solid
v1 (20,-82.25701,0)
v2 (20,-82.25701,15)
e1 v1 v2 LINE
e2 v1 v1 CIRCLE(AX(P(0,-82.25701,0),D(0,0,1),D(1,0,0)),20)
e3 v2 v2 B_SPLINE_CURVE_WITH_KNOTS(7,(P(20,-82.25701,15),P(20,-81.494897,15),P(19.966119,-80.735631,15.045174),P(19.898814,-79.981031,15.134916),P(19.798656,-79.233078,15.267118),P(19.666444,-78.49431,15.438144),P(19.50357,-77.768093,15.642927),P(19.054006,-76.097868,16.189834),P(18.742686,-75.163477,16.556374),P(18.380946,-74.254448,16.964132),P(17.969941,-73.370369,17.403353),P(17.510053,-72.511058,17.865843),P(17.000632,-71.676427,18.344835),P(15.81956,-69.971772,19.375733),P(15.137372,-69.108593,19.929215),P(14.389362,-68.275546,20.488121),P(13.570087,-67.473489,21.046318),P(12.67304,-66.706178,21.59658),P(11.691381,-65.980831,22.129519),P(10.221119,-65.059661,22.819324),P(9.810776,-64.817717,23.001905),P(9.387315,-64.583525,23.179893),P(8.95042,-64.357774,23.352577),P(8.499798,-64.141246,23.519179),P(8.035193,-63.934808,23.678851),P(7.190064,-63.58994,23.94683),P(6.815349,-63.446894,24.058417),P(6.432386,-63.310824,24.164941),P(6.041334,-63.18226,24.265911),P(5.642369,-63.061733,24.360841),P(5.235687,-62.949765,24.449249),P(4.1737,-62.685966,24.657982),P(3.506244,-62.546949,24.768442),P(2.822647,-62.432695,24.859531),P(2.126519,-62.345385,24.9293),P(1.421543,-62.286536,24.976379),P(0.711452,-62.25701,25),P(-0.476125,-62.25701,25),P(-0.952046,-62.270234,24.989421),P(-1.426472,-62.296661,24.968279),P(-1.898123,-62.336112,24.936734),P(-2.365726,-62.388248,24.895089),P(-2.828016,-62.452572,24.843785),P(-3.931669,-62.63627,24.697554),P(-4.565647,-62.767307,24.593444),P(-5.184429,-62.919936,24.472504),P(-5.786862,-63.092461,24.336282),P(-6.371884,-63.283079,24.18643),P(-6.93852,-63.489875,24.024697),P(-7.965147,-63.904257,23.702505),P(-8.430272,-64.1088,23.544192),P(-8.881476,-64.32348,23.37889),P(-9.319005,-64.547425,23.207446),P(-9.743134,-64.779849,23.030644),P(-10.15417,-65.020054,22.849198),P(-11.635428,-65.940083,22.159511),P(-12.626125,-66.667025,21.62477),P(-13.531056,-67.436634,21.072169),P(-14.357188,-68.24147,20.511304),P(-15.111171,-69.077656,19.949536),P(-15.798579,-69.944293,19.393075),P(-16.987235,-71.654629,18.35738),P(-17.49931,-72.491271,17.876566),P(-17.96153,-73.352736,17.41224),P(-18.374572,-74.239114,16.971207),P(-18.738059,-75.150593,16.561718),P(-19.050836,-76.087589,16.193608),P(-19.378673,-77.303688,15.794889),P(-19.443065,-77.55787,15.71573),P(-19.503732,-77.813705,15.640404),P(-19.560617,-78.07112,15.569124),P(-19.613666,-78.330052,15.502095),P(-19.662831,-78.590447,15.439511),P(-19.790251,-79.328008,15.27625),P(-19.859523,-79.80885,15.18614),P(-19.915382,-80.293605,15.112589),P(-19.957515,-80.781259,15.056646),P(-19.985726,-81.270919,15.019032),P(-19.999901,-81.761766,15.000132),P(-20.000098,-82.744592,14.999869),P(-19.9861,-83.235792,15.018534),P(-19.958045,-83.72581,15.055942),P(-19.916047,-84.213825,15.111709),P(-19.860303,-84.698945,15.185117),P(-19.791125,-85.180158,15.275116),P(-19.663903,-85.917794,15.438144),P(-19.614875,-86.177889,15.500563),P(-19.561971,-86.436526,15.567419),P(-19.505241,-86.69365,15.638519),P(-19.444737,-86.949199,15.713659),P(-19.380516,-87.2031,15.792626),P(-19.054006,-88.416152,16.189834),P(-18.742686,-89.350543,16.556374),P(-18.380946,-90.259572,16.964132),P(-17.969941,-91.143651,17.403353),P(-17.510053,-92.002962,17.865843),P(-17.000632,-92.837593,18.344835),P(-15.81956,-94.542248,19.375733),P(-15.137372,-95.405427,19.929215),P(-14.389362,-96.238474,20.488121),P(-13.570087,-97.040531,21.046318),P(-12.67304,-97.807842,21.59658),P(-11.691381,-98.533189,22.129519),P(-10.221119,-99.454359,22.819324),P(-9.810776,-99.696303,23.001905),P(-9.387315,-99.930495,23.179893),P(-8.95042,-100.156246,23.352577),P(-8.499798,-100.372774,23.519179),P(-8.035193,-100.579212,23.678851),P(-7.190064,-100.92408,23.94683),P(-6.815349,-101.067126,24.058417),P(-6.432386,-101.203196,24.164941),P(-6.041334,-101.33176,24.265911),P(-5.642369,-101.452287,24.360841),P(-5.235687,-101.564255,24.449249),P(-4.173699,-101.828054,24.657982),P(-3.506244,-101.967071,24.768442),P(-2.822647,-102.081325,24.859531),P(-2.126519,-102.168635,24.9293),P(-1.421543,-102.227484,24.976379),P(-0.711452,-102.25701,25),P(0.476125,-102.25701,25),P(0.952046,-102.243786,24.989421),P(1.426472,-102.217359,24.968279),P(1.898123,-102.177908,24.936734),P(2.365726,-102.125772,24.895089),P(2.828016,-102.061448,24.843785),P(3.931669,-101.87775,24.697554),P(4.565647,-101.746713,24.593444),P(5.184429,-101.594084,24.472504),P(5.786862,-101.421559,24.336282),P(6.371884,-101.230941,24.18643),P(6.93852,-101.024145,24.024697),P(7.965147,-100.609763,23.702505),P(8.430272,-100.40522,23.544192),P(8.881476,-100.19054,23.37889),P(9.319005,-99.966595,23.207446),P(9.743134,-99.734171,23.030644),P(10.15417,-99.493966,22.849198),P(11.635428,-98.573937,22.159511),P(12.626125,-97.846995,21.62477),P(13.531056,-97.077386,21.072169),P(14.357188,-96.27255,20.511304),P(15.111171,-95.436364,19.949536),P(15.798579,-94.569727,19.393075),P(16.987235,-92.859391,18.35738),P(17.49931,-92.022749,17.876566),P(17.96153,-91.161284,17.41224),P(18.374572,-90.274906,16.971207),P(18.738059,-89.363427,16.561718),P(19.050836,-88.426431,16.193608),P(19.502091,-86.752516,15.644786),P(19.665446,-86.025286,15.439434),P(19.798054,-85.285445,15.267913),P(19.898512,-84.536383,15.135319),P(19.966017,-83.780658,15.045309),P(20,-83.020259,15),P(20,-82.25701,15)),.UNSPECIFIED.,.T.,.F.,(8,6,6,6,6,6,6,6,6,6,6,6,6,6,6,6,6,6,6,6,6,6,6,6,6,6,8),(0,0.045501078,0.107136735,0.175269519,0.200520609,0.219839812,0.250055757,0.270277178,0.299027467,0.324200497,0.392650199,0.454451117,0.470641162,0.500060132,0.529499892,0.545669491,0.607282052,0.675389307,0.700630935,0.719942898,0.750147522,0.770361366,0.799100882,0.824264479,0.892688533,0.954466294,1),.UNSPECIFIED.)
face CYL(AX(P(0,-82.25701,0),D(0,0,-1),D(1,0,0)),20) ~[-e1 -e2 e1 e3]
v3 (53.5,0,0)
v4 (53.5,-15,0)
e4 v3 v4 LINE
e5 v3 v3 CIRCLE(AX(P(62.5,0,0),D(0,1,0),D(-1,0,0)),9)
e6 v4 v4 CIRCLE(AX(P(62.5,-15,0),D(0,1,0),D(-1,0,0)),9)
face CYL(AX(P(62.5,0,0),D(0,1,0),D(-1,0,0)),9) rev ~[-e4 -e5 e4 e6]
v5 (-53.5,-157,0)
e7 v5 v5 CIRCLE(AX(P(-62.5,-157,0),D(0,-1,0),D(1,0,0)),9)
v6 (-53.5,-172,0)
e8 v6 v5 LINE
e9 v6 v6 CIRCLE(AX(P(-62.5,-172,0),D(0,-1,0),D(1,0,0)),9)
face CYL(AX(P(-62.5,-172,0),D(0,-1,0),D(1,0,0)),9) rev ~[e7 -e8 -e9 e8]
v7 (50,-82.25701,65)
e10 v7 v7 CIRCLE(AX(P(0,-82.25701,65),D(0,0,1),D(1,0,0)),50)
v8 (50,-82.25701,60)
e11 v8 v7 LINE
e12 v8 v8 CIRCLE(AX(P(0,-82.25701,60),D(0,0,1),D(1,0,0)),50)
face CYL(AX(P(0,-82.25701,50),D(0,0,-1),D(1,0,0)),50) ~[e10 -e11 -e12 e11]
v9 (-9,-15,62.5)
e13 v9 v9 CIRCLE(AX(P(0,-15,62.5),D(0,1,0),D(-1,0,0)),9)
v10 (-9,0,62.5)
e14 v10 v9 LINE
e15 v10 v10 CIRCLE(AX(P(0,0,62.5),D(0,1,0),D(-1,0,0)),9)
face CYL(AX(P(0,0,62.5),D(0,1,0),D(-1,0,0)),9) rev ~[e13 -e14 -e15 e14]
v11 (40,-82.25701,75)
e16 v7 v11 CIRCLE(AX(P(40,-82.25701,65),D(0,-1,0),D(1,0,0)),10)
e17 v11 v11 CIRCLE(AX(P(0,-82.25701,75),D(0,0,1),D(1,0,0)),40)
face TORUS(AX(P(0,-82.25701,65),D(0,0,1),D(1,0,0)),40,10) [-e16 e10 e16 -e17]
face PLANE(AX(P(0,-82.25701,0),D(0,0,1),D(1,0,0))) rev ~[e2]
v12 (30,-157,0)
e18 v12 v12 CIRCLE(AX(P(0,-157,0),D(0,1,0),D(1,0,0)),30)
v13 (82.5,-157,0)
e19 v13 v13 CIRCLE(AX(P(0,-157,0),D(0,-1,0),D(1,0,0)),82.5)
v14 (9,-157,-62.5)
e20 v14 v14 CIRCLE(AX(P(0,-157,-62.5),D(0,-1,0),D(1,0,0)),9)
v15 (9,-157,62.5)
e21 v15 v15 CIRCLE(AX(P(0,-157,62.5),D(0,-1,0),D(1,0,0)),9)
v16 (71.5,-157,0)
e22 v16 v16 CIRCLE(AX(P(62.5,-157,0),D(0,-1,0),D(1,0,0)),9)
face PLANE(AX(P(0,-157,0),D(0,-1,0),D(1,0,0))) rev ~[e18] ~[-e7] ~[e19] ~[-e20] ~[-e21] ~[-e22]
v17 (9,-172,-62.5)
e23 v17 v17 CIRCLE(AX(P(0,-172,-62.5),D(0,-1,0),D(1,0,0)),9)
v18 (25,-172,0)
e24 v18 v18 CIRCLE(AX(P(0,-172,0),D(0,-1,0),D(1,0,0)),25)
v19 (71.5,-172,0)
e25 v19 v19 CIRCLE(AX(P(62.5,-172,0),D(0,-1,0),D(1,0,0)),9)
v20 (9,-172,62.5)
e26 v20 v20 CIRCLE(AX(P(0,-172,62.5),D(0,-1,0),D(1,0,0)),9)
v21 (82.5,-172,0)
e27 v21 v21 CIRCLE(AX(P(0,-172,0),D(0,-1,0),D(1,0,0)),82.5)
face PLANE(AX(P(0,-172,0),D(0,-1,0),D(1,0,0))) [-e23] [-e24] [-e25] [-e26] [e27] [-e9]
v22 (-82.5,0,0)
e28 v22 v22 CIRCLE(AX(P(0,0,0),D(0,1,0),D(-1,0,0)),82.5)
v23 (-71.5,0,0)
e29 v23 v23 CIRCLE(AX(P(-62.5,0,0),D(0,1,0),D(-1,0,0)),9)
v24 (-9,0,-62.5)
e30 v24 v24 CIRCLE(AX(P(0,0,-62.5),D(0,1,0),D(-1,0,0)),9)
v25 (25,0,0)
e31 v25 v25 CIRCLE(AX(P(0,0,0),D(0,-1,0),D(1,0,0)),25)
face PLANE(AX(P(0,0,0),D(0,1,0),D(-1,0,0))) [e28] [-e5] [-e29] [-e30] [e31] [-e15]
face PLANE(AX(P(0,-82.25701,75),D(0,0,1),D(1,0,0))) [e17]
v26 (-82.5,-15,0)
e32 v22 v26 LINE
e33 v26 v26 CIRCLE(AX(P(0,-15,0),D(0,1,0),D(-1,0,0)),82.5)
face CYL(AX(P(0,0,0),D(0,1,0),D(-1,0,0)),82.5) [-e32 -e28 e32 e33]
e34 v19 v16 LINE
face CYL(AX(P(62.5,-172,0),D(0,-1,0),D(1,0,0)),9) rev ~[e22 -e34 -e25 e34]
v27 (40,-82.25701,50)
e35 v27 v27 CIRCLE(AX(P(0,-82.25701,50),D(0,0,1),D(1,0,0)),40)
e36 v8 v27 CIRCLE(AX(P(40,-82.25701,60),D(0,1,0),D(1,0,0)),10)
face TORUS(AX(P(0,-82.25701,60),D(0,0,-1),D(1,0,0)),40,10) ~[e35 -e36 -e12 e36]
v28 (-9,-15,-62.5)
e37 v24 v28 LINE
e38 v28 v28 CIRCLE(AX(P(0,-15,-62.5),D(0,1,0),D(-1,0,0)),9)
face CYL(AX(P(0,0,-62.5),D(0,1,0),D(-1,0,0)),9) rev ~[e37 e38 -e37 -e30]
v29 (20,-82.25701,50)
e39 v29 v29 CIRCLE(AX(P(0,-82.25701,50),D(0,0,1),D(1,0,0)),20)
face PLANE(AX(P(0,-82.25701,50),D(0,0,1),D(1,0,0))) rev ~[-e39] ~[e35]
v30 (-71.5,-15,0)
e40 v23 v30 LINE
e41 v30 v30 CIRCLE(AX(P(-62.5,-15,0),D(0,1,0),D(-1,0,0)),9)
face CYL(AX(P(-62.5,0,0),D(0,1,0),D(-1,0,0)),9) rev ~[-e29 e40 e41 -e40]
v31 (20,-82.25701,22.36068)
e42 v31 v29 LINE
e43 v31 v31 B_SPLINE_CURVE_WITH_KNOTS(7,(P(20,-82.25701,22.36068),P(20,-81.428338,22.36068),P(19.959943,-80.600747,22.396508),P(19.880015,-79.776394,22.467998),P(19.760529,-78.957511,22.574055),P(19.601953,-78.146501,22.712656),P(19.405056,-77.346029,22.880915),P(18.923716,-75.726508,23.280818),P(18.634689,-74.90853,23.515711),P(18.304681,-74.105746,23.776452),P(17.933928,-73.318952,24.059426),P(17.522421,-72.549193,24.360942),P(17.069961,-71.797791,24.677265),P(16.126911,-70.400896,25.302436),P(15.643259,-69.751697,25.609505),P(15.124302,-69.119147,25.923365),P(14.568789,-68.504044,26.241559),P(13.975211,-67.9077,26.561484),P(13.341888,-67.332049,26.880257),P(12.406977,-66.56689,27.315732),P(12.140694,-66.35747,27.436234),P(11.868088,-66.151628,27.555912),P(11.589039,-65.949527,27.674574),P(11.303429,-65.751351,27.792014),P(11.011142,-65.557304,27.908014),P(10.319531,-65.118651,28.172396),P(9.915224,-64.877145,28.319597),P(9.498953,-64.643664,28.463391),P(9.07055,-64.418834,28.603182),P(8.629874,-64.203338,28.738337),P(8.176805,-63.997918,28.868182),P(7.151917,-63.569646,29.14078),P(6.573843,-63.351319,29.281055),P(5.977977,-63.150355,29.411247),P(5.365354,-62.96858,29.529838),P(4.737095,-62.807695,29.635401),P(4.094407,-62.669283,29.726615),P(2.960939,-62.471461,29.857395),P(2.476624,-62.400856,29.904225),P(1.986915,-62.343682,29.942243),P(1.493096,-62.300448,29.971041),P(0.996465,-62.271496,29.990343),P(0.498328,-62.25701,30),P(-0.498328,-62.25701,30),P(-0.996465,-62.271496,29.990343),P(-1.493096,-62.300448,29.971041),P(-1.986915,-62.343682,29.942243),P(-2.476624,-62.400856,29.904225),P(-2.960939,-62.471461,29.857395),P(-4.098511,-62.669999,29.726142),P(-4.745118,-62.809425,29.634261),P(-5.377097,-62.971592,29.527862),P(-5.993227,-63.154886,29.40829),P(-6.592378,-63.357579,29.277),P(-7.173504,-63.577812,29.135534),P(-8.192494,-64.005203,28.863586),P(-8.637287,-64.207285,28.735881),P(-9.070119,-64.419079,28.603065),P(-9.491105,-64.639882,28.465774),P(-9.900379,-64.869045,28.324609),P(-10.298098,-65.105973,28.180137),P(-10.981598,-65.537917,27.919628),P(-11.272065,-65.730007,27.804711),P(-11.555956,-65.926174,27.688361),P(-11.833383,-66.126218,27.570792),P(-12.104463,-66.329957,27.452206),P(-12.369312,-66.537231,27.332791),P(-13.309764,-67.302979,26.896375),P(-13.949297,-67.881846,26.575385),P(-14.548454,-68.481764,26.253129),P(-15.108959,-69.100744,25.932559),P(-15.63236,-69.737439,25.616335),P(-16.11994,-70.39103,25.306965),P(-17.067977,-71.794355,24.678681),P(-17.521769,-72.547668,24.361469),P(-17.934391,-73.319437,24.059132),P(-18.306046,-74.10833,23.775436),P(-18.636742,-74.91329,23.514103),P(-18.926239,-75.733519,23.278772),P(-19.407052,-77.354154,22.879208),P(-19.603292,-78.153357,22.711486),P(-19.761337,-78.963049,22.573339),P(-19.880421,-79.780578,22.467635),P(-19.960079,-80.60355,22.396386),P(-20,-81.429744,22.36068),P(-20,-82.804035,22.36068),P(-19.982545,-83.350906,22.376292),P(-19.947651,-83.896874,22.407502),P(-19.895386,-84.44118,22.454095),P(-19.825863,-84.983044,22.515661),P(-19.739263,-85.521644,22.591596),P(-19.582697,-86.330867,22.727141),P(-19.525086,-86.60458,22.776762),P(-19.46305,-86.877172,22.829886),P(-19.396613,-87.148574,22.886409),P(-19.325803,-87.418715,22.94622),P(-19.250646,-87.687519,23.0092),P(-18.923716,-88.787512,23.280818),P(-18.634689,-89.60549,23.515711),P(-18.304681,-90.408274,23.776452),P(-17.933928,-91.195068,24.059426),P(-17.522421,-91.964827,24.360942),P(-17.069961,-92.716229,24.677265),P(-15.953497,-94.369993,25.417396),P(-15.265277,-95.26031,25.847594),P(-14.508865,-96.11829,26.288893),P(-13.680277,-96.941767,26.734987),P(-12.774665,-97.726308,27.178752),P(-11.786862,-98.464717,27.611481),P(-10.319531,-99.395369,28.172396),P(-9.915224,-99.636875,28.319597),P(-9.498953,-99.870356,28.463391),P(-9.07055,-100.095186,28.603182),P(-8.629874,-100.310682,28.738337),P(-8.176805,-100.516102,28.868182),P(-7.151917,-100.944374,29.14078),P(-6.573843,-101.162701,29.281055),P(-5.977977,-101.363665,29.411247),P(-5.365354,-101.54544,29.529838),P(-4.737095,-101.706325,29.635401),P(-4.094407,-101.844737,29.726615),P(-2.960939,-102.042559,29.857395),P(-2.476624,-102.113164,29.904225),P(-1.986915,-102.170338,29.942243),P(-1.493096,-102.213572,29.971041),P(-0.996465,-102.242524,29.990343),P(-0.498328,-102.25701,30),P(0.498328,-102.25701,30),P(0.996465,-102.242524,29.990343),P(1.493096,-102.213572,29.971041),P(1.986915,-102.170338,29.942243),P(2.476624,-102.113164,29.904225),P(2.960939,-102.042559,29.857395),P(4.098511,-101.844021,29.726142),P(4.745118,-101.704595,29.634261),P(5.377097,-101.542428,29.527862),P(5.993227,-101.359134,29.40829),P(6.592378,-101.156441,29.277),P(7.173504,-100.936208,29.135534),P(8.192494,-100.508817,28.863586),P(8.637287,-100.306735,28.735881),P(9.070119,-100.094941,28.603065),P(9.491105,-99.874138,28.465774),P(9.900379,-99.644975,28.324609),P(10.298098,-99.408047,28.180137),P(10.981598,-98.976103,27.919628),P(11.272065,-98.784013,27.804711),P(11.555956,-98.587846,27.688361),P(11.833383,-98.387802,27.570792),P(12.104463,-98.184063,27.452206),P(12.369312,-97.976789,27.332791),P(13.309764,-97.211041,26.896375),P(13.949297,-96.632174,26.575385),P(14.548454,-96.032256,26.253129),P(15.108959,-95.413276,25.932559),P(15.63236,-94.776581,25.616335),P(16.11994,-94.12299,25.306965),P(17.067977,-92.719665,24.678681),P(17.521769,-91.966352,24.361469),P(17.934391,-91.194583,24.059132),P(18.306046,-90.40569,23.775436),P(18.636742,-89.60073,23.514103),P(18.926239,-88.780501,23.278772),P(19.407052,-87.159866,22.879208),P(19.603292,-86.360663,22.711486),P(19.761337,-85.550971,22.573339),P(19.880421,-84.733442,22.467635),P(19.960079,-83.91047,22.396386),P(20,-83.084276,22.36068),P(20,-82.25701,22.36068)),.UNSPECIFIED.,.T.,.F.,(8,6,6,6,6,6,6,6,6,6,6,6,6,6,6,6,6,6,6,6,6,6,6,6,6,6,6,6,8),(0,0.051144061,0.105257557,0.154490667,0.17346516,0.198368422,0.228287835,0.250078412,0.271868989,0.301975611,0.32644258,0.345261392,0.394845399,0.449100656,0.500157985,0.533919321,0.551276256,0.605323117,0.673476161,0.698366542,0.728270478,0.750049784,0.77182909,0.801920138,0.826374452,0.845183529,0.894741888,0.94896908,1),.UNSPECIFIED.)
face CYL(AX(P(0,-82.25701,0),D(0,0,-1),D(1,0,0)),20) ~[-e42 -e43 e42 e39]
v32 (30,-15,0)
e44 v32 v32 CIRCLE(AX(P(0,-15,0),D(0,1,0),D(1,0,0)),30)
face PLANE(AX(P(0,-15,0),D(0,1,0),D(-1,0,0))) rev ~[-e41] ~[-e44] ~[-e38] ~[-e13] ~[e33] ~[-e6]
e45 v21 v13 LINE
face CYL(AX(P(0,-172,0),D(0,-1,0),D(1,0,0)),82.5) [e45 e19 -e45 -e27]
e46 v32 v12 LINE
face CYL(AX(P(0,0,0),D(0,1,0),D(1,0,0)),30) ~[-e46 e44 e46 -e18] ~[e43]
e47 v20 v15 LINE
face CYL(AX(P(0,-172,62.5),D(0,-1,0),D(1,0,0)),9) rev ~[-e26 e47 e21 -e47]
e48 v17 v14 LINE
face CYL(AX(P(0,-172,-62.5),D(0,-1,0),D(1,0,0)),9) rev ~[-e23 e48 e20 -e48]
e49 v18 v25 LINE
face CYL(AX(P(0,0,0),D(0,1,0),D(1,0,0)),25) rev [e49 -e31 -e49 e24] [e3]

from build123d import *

# Parameters (mm, degrees)
F0_R     = 30
F0_R_2   = 25
F1_DEPTH = 172
F2_R     = 82.5
F2_R_2   = 9
F2_R_3   = 30
F3_DEPTH = 15
F4_R     = 82.5
F4_R_2   = 9
F4_R_3   = 25
F5_DEPTH = 15
F6_R     = 20
F7_DEPTH = 50
F8_R     = 50
F8_R_2   = 20
F9_DEPTH = 25
F10_R    = 10


with BuildPart() as f1:
    # F0 (on Front) → F1 (new body)
    with BuildSketch(Plane.XZ):
        Circle(F0_R)
        Circle(F0_R_2, mode=Mode.SUBTRACT)
    extrude(amount=F1_DEPTH)

    # F2 (on face) → F3 (join)
    with BuildSketch(Plane(origin=(0, 0, 0), x_dir=(-1, 0, 0), z_dir=(0, 1, 0))):
        Circle(F2_R)
        with Locations((0, -62.5)):
            Circle(F2_R_2, mode=Mode.SUBTRACT)
        with Locations((-62.5, 0)):
            Circle(F2_R_2, mode=Mode.SUBTRACT)
        Circle(F2_R_3, mode=Mode.SUBTRACT)
        with Locations((62.5, 0)):
            Circle(F2_R_2, mode=Mode.SUBTRACT)
        with Locations((0, 62.5)):
            Circle(F2_R_2, mode=Mode.SUBTRACT)
    extrude(amount=-F3_DEPTH)

    # F4 (on face) → F5 (join)
    with BuildSketch(Plane.XZ.offset(172)):
        Circle(F4_R)
        with Locations((0, -62.5)):
            Circle(F4_R_2, mode=Mode.SUBTRACT)
        with Locations((-62.5, 0)):
            Circle(F4_R_2, mode=Mode.SUBTRACT)
        Circle(F4_R_3, mode=Mode.SUBTRACT)
        with Locations((62.5, 0)):
            Circle(F4_R_2, mode=Mode.SUBTRACT)
        with Locations((0, 62.5)):
            Circle(F4_R_2, mode=Mode.SUBTRACT)
    extrude(amount=-F5_DEPTH)

    # F6 (on Top) → F7 (join)
    with BuildSketch(Plane.XY):
        with Locations((0, -82.25701)):
            Circle(F6_R)
    extrude(amount=F7_DEPTH)

    # F8 (on face) → F9 (join)
    with BuildSketch(Plane.XY.offset(50)):
        with Locations((0, -82.25701)):
            Circle(F8_R)
        with Locations((0, -82.25701)):
            Circle(F8_R_2, mode=Mode.SUBTRACT)
        with Locations((0, -82.25701)):
            Circle(F8_R_2)
    extrude(amount=F9_DEPTH)

    # F10
    f10_edges = [f1.edges().sort_by_distance(p)[0] for p in [
        (-50, -82.25701, 75),
        (-50, -82.25701, 50),
    ]]
    fillet(f10_edges, radius=F10_R)


solid = f1.part
